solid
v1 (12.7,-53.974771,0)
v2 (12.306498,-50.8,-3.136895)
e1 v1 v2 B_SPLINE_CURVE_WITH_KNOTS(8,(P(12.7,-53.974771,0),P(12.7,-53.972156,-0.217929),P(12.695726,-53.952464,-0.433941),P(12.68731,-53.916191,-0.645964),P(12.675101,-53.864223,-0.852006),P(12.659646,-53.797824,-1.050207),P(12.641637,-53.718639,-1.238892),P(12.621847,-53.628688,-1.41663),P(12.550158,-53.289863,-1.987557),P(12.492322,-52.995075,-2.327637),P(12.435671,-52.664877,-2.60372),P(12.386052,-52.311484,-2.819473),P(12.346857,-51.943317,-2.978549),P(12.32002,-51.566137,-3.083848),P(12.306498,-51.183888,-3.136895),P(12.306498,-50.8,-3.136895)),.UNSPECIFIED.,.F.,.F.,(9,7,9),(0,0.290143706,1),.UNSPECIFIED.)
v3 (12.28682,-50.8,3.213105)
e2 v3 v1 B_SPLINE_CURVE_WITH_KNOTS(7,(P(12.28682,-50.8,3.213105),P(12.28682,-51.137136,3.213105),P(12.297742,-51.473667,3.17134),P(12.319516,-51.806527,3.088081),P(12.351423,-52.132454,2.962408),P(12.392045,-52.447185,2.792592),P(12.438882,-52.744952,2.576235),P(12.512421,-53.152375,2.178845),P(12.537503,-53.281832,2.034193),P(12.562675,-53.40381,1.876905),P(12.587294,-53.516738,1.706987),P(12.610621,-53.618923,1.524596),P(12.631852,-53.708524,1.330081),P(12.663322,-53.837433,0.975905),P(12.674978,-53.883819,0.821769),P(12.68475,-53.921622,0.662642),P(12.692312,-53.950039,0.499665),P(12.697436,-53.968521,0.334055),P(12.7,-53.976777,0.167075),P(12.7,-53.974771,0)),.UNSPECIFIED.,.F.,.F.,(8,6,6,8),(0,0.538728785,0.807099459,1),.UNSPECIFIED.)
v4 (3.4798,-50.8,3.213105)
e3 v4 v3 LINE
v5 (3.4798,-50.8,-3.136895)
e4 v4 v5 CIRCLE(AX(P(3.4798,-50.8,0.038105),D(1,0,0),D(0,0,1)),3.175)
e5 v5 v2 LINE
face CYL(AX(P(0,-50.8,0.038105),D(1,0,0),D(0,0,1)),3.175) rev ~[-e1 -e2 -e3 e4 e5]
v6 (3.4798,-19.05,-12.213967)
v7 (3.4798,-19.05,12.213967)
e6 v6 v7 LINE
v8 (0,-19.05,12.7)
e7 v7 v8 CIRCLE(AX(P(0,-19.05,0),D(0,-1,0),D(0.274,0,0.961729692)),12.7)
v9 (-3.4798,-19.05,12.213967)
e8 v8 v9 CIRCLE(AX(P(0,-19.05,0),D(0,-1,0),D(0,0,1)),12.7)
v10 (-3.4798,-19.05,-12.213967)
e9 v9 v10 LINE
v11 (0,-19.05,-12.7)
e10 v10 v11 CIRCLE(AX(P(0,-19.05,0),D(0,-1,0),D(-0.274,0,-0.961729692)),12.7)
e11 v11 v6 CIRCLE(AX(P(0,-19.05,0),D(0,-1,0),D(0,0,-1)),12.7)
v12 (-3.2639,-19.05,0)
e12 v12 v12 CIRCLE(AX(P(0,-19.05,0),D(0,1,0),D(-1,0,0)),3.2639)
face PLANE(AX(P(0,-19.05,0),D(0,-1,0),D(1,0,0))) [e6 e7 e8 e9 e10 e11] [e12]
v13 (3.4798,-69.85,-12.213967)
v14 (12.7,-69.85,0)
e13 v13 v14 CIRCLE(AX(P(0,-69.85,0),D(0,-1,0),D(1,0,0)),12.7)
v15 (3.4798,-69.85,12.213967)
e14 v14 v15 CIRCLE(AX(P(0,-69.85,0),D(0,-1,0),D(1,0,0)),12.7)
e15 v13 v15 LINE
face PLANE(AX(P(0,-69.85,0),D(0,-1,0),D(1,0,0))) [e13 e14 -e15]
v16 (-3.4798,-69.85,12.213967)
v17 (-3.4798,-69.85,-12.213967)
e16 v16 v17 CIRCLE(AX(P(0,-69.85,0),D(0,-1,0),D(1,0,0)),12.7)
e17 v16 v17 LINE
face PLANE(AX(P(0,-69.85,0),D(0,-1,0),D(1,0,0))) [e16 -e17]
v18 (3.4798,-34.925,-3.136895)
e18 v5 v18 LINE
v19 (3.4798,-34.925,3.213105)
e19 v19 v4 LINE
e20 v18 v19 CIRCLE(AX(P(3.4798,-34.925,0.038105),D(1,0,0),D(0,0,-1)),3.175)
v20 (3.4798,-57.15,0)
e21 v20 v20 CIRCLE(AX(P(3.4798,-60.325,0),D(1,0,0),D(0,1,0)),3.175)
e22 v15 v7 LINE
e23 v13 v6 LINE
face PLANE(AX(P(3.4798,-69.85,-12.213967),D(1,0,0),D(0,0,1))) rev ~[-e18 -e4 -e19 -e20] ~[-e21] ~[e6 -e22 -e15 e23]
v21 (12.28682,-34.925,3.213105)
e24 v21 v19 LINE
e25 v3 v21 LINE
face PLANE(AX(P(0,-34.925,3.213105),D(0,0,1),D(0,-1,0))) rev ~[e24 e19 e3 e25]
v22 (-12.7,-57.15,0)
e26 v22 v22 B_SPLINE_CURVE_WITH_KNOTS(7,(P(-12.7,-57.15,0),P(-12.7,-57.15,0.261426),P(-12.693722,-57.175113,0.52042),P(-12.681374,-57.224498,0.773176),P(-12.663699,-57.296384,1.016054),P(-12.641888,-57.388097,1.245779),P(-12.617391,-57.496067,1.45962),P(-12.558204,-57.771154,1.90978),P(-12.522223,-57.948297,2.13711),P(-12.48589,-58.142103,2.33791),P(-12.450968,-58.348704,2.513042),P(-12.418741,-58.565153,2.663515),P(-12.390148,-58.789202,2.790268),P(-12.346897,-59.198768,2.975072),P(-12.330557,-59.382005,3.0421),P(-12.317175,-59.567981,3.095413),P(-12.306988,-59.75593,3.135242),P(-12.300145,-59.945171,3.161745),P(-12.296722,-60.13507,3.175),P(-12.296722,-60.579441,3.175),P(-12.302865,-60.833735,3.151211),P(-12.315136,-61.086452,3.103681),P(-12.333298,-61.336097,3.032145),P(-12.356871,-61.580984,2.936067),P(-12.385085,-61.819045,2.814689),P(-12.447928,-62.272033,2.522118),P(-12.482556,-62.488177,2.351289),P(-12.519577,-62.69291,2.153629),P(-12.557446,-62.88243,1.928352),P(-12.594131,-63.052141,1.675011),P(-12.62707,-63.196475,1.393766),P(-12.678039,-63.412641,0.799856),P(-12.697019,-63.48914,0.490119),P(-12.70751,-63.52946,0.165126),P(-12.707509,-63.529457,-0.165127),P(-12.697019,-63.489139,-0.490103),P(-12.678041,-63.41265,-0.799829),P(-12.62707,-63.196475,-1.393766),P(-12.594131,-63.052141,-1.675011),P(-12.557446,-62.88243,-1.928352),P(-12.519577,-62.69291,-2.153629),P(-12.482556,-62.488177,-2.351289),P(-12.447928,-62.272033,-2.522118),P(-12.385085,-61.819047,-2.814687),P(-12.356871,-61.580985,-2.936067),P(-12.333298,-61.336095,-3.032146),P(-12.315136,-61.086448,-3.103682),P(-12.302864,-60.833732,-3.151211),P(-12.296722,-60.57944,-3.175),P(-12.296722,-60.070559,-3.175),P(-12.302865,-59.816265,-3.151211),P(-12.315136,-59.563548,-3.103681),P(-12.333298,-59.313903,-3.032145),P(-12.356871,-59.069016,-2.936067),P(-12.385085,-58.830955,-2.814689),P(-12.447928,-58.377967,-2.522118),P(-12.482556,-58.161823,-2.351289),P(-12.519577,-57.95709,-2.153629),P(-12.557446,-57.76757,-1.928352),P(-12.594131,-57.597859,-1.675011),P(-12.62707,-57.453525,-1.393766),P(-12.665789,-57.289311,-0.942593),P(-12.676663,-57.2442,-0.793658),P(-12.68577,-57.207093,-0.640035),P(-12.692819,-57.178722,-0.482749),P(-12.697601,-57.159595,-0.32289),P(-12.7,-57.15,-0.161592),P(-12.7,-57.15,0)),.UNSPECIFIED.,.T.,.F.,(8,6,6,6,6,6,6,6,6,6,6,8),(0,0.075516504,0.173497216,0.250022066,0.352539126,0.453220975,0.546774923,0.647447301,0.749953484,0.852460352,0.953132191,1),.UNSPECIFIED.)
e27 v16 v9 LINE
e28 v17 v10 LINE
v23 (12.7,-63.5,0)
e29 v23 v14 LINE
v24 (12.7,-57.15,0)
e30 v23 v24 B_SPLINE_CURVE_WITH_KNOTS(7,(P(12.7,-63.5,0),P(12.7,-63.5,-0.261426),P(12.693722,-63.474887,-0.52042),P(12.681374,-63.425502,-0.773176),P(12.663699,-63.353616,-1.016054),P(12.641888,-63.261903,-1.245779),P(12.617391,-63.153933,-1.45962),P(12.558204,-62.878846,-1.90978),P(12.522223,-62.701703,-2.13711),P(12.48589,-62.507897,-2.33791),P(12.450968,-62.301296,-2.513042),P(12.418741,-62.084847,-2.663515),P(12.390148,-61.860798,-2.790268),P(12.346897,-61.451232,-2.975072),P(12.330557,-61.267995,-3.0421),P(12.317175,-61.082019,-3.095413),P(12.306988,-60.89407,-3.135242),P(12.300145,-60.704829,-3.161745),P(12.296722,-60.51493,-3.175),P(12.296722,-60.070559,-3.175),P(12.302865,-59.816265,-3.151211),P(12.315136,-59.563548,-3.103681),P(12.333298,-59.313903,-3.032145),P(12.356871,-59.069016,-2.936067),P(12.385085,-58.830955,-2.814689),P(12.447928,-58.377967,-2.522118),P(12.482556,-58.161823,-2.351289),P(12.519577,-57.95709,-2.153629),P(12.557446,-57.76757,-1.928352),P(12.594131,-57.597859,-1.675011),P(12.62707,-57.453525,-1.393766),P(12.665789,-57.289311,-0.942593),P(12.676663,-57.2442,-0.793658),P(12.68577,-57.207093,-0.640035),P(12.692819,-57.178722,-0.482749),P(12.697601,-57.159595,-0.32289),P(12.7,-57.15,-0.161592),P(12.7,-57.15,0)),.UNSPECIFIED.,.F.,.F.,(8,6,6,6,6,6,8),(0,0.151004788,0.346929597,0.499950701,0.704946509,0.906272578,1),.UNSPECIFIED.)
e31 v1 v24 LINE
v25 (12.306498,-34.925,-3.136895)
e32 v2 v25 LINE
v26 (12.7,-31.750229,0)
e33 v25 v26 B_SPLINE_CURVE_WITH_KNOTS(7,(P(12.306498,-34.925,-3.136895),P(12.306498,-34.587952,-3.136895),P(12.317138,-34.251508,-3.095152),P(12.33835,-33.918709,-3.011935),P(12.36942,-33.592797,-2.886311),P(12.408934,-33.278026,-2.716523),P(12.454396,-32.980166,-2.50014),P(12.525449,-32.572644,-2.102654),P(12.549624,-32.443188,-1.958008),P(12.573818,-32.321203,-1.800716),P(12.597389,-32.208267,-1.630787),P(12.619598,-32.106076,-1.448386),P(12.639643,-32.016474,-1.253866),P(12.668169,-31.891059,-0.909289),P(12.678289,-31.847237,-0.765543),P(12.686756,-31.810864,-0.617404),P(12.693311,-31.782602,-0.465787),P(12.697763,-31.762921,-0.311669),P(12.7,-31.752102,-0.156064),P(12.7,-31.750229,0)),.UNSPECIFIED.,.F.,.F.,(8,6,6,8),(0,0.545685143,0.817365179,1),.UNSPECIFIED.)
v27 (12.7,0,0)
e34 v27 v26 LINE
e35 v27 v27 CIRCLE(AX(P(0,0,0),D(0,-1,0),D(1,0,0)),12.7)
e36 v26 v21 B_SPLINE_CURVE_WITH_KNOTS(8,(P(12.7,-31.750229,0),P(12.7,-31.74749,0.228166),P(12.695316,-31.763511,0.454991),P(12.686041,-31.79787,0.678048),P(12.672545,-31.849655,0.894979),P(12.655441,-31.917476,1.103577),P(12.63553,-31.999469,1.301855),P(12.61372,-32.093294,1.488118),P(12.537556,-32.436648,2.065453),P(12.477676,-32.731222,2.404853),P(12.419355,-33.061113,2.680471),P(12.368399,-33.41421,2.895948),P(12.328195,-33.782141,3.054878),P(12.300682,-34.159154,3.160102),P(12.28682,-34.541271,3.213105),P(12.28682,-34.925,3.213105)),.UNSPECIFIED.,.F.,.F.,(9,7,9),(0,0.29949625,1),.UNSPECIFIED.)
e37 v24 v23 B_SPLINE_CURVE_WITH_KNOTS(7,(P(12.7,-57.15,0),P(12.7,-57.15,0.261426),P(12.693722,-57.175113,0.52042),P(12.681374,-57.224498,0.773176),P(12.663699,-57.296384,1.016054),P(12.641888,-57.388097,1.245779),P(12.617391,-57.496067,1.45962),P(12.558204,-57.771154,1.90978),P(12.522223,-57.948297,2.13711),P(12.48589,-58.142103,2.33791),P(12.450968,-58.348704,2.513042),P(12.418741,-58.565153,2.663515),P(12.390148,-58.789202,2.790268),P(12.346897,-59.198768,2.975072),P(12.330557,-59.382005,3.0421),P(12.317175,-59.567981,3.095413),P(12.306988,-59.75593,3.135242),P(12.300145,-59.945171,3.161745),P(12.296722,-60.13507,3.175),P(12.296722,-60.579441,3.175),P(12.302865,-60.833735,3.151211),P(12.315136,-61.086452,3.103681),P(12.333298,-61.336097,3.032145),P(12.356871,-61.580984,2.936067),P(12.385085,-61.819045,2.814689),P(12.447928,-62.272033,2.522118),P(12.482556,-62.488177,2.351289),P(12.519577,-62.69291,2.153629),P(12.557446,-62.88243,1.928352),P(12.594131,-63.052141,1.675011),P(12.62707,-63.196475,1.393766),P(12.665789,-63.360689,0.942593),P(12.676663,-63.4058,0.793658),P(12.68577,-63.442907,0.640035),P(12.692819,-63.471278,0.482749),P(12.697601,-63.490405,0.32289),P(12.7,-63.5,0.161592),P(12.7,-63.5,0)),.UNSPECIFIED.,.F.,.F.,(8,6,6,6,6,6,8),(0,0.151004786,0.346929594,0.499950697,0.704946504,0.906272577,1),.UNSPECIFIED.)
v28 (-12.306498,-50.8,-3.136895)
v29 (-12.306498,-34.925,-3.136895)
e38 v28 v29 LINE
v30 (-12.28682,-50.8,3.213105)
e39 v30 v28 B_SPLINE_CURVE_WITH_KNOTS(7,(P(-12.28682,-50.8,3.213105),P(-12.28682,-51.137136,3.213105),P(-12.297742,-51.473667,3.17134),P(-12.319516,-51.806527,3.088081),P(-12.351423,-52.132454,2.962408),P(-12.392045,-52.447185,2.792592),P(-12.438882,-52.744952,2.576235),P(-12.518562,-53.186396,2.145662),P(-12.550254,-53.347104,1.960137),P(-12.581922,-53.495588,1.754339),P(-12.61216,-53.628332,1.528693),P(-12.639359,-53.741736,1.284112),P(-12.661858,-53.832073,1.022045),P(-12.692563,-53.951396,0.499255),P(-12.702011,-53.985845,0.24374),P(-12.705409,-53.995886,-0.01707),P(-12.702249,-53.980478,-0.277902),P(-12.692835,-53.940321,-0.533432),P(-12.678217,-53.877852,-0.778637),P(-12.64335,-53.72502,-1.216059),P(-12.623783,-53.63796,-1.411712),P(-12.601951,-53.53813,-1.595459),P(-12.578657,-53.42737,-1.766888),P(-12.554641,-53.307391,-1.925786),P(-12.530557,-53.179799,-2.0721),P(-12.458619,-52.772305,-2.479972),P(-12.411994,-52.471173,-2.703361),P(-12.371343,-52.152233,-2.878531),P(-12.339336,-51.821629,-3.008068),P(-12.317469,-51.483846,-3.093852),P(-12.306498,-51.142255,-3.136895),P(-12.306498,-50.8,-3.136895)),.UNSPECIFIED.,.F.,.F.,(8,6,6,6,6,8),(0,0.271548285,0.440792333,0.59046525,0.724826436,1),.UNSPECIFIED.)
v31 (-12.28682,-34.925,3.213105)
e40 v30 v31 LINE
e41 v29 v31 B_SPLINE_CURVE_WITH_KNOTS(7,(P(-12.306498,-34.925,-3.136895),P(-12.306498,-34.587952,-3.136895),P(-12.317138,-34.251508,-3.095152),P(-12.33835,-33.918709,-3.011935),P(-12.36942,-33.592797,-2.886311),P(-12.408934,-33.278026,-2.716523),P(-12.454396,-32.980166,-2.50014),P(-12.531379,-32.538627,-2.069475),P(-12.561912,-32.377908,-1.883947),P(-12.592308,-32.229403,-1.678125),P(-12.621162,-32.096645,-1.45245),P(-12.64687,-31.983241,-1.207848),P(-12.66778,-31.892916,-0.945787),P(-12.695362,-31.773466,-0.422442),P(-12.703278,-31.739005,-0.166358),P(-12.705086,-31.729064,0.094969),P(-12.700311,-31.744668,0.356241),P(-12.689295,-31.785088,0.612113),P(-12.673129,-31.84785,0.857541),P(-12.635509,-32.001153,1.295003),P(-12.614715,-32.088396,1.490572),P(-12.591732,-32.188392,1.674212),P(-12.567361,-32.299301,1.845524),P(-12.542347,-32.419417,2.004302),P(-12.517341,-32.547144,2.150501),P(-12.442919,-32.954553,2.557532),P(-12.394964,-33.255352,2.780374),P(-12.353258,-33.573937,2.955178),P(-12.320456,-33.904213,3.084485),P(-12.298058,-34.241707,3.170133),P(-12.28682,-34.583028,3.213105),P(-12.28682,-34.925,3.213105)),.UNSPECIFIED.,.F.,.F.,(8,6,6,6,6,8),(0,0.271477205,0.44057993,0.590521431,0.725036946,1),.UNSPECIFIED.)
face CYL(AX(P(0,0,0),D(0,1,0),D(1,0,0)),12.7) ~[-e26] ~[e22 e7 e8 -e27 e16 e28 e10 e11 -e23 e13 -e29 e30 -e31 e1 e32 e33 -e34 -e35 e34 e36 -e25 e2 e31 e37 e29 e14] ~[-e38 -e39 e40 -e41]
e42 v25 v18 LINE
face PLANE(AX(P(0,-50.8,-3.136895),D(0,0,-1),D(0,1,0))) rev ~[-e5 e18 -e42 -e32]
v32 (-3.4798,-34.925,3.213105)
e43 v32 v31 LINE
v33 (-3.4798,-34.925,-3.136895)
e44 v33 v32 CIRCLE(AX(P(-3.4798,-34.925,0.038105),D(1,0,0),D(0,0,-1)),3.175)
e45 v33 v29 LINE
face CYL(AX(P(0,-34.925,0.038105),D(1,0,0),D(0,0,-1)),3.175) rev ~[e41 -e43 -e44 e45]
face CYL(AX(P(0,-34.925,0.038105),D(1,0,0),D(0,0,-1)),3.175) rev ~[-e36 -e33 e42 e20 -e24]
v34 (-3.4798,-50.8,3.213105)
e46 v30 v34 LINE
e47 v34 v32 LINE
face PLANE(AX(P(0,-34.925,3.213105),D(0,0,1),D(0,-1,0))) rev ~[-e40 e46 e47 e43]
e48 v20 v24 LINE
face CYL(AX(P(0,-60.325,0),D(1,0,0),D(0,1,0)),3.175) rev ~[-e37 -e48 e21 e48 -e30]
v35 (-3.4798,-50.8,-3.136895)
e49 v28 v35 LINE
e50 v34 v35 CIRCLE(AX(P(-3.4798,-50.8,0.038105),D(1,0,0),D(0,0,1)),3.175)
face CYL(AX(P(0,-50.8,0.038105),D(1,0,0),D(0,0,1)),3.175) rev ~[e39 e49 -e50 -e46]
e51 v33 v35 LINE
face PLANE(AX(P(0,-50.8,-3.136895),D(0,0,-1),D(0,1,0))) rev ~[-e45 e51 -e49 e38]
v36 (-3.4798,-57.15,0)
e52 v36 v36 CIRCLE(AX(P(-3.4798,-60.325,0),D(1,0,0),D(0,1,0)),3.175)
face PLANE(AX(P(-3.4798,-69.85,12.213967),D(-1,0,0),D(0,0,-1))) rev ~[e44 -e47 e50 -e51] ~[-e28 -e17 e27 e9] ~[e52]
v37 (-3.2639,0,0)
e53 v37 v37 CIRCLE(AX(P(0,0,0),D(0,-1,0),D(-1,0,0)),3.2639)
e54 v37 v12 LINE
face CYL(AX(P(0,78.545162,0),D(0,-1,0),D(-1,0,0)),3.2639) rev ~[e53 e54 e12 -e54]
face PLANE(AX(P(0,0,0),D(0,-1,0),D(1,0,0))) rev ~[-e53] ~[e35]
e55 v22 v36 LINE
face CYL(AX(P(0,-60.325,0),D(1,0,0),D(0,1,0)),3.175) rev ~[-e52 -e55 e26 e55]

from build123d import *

# Parameters (mm, degrees)
F0_R     = 12.7
F1_DEPTH = 69.85
F2_D     = 6.5278
F3_R     = 3.2639
F4_DEPTH = 50.8
F5_R     = 3.175
F6_DEPTH = 12.7
F8_DEPTH = 12.7


with BuildPart() as f1:
    # F0 (on Front) → F1 (new body)
    with BuildSketch(Plane.XZ):
        Circle(F0_R)
    extrude(amount=F1_DEPTH)

    # F2 (through all)
    with Locations(Plane(origin=(0, 0, 0), x_dir=(1, 0, 0), z_dir=(0, 1, 0))):
        with Locations((0, 0)):
            Hole(F2_D / 2)

    # F3 (on face) → F4 (cut)
    with BuildSketch(Plane.XZ.offset(69.85)):
        with BuildLine():
            ThreePointArc((0, 12.7), (-1.7567894036, 12.5779048729), (-3.4798, 12.2139670853))
            Line((-3.4798, 12.2139670853), (-3.4798, -12.2139670853))
            ThreePointArc((-3.4798, -12.2139670853), (-1.7567894036, -12.5779048729), (0, -12.7))
            ThreePointArc((0, -12.7), (1.7567894036, -12.5779048729), (3.4798, -12.2139670853))
            Line((3.4798, -12.2139670853), (3.4798, 12.2139670853))
            ThreePointArc((3.4798, 12.2139670853), (1.7567894036, 12.5779048729), (0, 12.7))
        make_face()
        Circle(F3_R, mode=Mode.SUBTRACT)
    extrude(amount=-F4_DEPTH, mode=Mode.SUBTRACT)

    # F5 (on Right) → F6 (cut, symmetric)
    with BuildSketch(Plane.YZ):
        with Locations((-60.325, 0)):
            Circle(F5_R)
    extrude(amount=F6_DEPTH, both=True, mode=Mode.SUBTRACT)

    # F7 (on Right) → F8 (cut, symmetric)
    with BuildSketch(Plane.YZ):
        with BuildLine():
            Line((-34.925, 3.2131049847), (-50.8, 3.2131049847))
            ThreePointArc((-50.8, 3.2131049847), (-53.975, 0.0381049847), (-50.8, -3.1368950153))
            Line((-50.8, -3.1368950153), (-34.925, -3.1368950153))
            ThreePointArc((-34.925, -3.1368950153), (-31.75, 0.0381049847), (-34.925, 3.2131049847))
        make_face()
    extrude(amount=F8_DEPTH, both=True, mode=Mode.SUBTRACT)


solid = f1.part
